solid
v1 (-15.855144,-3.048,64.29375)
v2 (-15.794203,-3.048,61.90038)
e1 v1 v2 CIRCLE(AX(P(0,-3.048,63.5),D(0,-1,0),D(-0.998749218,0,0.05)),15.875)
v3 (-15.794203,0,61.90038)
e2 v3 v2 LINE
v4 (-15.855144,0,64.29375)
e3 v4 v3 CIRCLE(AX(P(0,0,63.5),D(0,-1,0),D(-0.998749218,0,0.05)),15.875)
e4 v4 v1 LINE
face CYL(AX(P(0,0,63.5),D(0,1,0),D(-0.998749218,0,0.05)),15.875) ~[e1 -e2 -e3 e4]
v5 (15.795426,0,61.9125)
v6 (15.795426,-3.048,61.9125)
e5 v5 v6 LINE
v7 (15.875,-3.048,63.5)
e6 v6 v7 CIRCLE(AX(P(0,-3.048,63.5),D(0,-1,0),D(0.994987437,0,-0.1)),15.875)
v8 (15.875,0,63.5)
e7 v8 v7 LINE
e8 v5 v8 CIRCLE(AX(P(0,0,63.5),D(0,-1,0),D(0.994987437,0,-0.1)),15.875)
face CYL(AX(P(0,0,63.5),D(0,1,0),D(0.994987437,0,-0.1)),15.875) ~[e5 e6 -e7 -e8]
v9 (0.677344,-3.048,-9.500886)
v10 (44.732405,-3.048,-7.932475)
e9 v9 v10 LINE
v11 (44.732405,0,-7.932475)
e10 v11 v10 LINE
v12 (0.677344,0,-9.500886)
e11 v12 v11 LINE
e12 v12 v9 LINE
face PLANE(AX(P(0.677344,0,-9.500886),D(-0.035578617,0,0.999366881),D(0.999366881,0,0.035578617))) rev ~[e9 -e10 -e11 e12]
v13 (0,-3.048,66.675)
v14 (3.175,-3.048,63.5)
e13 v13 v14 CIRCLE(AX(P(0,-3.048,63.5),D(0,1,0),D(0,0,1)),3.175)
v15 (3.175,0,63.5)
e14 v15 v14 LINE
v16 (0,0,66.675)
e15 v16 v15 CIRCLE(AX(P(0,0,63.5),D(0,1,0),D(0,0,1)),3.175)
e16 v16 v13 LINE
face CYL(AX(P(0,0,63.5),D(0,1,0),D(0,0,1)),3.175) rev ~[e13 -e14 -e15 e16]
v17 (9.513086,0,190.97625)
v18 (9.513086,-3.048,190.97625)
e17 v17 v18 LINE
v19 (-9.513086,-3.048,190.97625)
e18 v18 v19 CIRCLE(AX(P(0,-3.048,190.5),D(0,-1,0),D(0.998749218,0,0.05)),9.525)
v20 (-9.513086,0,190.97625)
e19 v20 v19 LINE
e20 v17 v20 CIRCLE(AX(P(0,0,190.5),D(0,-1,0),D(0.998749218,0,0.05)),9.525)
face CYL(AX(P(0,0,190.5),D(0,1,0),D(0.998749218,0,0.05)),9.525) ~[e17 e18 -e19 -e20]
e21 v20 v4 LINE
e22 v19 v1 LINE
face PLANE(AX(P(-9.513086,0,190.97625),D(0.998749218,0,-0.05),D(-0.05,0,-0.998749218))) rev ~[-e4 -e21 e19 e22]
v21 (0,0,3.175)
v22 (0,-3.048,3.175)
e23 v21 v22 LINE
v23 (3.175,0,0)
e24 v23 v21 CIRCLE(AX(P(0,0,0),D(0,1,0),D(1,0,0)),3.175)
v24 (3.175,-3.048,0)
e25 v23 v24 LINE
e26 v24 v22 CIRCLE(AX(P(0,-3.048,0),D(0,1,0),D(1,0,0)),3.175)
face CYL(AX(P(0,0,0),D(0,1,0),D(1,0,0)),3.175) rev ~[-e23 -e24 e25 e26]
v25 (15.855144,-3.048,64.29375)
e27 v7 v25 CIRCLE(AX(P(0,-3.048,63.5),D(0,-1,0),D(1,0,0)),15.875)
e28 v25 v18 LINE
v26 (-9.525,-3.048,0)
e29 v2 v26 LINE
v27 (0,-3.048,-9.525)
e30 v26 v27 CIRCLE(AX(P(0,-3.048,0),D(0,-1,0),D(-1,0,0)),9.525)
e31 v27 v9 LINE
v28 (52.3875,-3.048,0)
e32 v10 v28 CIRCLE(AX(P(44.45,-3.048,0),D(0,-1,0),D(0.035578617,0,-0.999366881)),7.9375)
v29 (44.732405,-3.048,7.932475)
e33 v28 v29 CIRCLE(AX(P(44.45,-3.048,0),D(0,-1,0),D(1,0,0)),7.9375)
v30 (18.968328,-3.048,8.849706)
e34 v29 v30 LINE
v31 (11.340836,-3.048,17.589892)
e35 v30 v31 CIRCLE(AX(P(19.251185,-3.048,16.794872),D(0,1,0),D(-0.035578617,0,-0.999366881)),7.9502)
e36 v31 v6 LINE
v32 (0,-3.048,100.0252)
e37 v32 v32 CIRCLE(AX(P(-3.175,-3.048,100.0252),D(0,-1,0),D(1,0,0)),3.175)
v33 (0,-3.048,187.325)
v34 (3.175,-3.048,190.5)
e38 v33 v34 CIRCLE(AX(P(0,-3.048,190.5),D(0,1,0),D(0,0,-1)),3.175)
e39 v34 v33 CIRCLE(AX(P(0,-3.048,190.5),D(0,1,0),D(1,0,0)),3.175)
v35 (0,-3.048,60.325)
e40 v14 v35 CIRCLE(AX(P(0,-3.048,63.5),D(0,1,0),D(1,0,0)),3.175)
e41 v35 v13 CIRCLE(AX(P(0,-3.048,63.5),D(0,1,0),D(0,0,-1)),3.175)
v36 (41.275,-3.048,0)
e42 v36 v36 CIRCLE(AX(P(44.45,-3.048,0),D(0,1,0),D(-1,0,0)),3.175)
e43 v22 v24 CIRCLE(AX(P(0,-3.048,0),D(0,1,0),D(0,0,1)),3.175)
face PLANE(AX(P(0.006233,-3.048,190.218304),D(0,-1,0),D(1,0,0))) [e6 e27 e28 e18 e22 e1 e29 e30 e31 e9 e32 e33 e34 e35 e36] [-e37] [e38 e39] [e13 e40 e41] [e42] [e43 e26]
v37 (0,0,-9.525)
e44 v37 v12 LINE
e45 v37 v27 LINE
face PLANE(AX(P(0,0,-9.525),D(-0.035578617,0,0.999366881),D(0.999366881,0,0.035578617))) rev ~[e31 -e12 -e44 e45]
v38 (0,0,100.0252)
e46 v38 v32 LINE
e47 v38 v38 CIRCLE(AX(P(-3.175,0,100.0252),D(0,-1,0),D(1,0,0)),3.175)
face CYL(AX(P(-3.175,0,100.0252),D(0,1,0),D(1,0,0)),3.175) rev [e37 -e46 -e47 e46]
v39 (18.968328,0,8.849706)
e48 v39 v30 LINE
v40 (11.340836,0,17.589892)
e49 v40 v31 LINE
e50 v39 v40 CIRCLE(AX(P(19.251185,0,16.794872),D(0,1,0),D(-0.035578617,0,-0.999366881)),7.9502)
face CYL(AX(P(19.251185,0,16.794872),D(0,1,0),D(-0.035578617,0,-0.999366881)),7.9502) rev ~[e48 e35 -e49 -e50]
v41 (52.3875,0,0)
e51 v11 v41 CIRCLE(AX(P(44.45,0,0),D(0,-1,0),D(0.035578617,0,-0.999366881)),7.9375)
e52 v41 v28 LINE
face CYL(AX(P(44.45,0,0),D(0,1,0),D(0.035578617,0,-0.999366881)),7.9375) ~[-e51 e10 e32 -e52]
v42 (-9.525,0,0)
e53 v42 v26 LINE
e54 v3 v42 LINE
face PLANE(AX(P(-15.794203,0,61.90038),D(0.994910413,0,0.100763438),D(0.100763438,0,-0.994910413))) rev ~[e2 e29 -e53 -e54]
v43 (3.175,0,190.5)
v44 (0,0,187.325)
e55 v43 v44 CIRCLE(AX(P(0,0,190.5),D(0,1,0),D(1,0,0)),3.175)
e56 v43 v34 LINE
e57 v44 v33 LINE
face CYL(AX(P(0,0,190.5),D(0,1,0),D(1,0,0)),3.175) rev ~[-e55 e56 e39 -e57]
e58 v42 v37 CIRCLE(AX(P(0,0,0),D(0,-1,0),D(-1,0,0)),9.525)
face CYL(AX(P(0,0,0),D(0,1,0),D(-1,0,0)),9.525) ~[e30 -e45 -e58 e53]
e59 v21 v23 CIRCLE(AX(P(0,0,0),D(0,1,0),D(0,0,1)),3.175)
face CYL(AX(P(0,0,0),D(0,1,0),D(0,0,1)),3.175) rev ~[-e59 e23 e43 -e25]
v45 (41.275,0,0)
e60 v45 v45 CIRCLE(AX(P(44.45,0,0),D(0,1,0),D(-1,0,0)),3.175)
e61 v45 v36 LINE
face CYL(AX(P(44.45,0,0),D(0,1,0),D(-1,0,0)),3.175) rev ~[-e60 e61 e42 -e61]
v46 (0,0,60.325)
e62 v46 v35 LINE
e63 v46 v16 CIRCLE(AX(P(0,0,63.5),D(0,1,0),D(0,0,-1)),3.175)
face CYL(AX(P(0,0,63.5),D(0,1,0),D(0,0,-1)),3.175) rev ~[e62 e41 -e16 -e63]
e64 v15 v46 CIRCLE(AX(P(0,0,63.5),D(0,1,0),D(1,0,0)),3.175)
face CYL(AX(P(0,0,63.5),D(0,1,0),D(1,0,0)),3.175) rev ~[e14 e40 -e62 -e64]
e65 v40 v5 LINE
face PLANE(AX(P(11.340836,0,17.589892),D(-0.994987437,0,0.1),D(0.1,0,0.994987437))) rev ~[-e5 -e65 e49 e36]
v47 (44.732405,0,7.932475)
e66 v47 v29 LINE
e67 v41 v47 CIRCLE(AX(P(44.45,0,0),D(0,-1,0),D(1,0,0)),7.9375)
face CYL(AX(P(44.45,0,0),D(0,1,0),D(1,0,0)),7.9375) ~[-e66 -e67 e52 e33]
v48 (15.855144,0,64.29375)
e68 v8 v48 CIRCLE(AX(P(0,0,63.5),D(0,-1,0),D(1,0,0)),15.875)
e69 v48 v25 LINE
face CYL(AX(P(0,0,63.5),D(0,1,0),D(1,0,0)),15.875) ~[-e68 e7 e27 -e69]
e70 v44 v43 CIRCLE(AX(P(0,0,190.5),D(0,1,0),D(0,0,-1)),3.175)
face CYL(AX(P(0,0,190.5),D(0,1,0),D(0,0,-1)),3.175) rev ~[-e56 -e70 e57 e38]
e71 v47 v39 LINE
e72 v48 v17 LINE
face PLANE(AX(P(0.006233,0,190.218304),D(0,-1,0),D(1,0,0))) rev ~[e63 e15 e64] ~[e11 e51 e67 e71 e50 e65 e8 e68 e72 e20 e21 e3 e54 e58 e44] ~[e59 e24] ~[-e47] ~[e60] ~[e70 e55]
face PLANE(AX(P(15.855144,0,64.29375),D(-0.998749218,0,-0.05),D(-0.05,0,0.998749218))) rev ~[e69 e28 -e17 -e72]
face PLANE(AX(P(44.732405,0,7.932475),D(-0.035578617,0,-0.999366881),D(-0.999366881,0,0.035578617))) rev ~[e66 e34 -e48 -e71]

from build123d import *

# Parameters (mm, degrees)
F0_R     = 3.175
F1_DEPTH = 3.048


with BuildPart() as f1:
    # F0 (on Front) → F1 (new body)
    with BuildSketch(Plane.XZ):
        with BuildLine():
            ThreePointArc((9.5130862993, 190.97625), (0, 200.025), (-9.5130862993, 190.97625))
            ThreePointArc((-9.5130862993, 190.97625), (-6.9015181754, 183.9353467818), (0, 180.975))
            ThreePointArc((0, 180.975), (6.7351920908, 183.7648079092), (9.525, 190.5))
            ThreePointArc((9.525, 190.5), (9.522021109, 190.7381994956), (9.5130862993, 190.97625))
        make_face()
        with BuildLine():
            ThreePointArc((3.175, 190.5), (2.2450640303, 188.2549359697), (0, 187.325))
            ThreePointArc((0, 187.325), (-2.2450640303, 192.7450640303), (3.175, 190.5))
        make_face(mode=Mode.SUBTRACT)
        with BuildLine():
            Line((-9.5130862993, 190.97625), (-15.8551438321, 64.29375))
            ThreePointArc((-15.8551438321, 64.29375), (-10.941088697, 75.0025302923), (0, 79.375))
            Line((0, 79.375), (0, 100.0252))
            Line((0, 100.0252), (0, 180.975))
            ThreePointArc((0, 180.975), (-6.9015181754, 183.9353467818), (-9.5130862993, 190.97625))
        make_face()
        with Locations((-3.175, 100.0252)):
            Circle(F0_R, mode=Mode.SUBTRACT)
        with BuildLine():
            Line((0, 100.0252), (0, 79.375))
            ThreePointArc((0, 79.375), (10.941088697, 75.0025302923), (15.8551438321, 64.29375))
            Line((15.8551438321, 64.29375), (9.5130862993, 190.97625))
            ThreePointArc((9.5130862993, 190.97625), (9.522021109, 190.7381994956), (9.525, 190.5))
            ThreePointArc((9.525, 190.5), (6.7351920908, 183.7648079092), (0, 180.975))
            Line((0, 180.975), (0, 100.0252))
        make_face()
        with BuildLine():
            Line((0, 60.325), (0, 47.625))
            ThreePointArc((0, 47.625), (10.6492737428, 51.7267849017), (15.7954255641, 61.9125))
            ThreePointArc((15.7954255641, 61.9125), (15.8550939106, 62.7052534459), (15.875, 63.5))
            ThreePointArc((15.875, 63.5), (15.8700351817, 63.8969991593), (15.8551438321, 64.29375))
            ThreePointArc((15.8551438321, 64.29375), (10.941088697, 75.0025302923), (0, 79.375))
            Line((0, 79.375), (0, 66.675))
            ThreePointArc((0, 66.675), (2.2450640303, 65.7450640303), (3.175, 63.5))
            ThreePointArc((3.175, 63.5), (2.2450640303, 61.2549359697), (0, 60.325))
        make_face()
        with BuildLine():
            ThreePointArc((-15.8551438321, 64.29375), (-15.8698563353, 63.0959147404), (-15.7942028036, 61.9003804205))
            ThreePointArc((-15.7942028036, 61.9003804205), (-10.644756084, 51.722700101), (0, 47.625))
            Line((0, 47.625), (0, 60.325))
            ThreePointArc((0, 60.325), (-3.175, 63.5), (0, 66.675))
            Line((0, 66.675), (0, 79.375))
            ThreePointArc((0, 79.375), (-10.941088697, 75.0025302923), (-15.8551438321, 64.29375))
        make_face()
        with BuildLine():
            Line((-15.7942028036, 61.9003804205), (-9.525, 0))
            ThreePointArc((-9.525, 0), (-6.7351920908, 6.7351920908), (0, 9.525))
            Line((0, 9.525), (0, 47.625))
            ThreePointArc((0, 47.625), (-10.644756084, 51.722700101), (-15.7942028036, 61.9003804205))
        make_face()
        with BuildLine():
            Line((0, 47.625), (0, 9.525))
            ThreePointArc((0, 9.525), (6.7351920908, 6.7351920908), (9.525, 0))
            Line((9.525, 0), (36.5125, 0))
            ThreePointArc((36.5125, 0), (38.9380895153, 5.7116327839), (44.7324052746, 7.9324746146))
            Line((44.7324052746, 7.9324746146), (18.968327868, 8.8497055806))
            ThreePointArc((18.968327868, 8.8497055806), (13.2612039825, 11.5674628959), (11.3408358685, 17.5898921545))
            Line((11.3408358685, 17.5898921545), (15.7954255641, 61.9125))
            ThreePointArc((15.7954255641, 61.9125), (10.6492737428, 51.7267849017), (0, 47.625))
        make_face()
        with BuildLine():
            ThreePointArc((36.5125, 0), (38.9380895153, -5.7116327839), (44.7324052746, -7.9324746146))
            ThreePointArc((44.7324052746, -7.9324746146), (50.1616327839, -5.5119104847), (52.3875, 0))
            ThreePointArc((52.3875, 0), (50.1616327839, 5.5119104847), (44.7324052746, 7.9324746146))
            ThreePointArc((44.7324052746, 7.9324746146), (38.9380895153, 5.7116327839), (36.5125, 0))
        make_face()
        with BuildLine():
            ThreePointArc((47.625, 0), (44.45, -3.175), (41.275, 0))
            ThreePointArc((41.275, 0), (44.45, 3.175), (47.625, 0))
        make_face(mode=Mode.SUBTRACT)
        with BuildLine():
            ThreePointArc((0, 9.525), (-6.7351920908, 6.7351920908), (-9.525, 0))
            ThreePointArc((-9.525, 0), (-6.7351920908, -6.7351920908), (0, -9.525))
            Line((0, -9.525), (0.6773435479, -9.500885786))
            ThreePointArc((0.6773435479, -9.500885786), (6.9705567315, -6.4912990883), (9.525, 0))
            Line((9.525, 0), (3.175, 0))
            ThreePointArc((3.175, 0), (-2.2450640303, -2.2450640303), (0, 3.175))
            Line((0, 3.175), (0, 9.525))
        make_face()
        with BuildLine():
            ThreePointArc((9.525, 0), (6.7351920908, 6.7351920908), (0, 9.525))
            Line((0, 9.525), (0, 3.175))
            ThreePointArc((0, 3.175), (2.2450640303, 2.2450640303), (3.175, 0))
            Line((3.175, 0), (9.525, 0))
        make_face()
        with BuildLine():
            ThreePointArc((9.525, 0), (6.9705567315, -6.4912990883), (0.6773435479, -9.500885786))
            Line((0.6773435479, -9.500885786), (44.7324052746, -7.9324746146))
            ThreePointArc((44.7324052746, -7.9324746146), (38.9380895153, -5.7116327839), (36.5125, 0))
            Line((36.5125, 0), (9.525, 0))
        make_face()
    extrude(amount=F1_DEPTH)


solid = f1.part
